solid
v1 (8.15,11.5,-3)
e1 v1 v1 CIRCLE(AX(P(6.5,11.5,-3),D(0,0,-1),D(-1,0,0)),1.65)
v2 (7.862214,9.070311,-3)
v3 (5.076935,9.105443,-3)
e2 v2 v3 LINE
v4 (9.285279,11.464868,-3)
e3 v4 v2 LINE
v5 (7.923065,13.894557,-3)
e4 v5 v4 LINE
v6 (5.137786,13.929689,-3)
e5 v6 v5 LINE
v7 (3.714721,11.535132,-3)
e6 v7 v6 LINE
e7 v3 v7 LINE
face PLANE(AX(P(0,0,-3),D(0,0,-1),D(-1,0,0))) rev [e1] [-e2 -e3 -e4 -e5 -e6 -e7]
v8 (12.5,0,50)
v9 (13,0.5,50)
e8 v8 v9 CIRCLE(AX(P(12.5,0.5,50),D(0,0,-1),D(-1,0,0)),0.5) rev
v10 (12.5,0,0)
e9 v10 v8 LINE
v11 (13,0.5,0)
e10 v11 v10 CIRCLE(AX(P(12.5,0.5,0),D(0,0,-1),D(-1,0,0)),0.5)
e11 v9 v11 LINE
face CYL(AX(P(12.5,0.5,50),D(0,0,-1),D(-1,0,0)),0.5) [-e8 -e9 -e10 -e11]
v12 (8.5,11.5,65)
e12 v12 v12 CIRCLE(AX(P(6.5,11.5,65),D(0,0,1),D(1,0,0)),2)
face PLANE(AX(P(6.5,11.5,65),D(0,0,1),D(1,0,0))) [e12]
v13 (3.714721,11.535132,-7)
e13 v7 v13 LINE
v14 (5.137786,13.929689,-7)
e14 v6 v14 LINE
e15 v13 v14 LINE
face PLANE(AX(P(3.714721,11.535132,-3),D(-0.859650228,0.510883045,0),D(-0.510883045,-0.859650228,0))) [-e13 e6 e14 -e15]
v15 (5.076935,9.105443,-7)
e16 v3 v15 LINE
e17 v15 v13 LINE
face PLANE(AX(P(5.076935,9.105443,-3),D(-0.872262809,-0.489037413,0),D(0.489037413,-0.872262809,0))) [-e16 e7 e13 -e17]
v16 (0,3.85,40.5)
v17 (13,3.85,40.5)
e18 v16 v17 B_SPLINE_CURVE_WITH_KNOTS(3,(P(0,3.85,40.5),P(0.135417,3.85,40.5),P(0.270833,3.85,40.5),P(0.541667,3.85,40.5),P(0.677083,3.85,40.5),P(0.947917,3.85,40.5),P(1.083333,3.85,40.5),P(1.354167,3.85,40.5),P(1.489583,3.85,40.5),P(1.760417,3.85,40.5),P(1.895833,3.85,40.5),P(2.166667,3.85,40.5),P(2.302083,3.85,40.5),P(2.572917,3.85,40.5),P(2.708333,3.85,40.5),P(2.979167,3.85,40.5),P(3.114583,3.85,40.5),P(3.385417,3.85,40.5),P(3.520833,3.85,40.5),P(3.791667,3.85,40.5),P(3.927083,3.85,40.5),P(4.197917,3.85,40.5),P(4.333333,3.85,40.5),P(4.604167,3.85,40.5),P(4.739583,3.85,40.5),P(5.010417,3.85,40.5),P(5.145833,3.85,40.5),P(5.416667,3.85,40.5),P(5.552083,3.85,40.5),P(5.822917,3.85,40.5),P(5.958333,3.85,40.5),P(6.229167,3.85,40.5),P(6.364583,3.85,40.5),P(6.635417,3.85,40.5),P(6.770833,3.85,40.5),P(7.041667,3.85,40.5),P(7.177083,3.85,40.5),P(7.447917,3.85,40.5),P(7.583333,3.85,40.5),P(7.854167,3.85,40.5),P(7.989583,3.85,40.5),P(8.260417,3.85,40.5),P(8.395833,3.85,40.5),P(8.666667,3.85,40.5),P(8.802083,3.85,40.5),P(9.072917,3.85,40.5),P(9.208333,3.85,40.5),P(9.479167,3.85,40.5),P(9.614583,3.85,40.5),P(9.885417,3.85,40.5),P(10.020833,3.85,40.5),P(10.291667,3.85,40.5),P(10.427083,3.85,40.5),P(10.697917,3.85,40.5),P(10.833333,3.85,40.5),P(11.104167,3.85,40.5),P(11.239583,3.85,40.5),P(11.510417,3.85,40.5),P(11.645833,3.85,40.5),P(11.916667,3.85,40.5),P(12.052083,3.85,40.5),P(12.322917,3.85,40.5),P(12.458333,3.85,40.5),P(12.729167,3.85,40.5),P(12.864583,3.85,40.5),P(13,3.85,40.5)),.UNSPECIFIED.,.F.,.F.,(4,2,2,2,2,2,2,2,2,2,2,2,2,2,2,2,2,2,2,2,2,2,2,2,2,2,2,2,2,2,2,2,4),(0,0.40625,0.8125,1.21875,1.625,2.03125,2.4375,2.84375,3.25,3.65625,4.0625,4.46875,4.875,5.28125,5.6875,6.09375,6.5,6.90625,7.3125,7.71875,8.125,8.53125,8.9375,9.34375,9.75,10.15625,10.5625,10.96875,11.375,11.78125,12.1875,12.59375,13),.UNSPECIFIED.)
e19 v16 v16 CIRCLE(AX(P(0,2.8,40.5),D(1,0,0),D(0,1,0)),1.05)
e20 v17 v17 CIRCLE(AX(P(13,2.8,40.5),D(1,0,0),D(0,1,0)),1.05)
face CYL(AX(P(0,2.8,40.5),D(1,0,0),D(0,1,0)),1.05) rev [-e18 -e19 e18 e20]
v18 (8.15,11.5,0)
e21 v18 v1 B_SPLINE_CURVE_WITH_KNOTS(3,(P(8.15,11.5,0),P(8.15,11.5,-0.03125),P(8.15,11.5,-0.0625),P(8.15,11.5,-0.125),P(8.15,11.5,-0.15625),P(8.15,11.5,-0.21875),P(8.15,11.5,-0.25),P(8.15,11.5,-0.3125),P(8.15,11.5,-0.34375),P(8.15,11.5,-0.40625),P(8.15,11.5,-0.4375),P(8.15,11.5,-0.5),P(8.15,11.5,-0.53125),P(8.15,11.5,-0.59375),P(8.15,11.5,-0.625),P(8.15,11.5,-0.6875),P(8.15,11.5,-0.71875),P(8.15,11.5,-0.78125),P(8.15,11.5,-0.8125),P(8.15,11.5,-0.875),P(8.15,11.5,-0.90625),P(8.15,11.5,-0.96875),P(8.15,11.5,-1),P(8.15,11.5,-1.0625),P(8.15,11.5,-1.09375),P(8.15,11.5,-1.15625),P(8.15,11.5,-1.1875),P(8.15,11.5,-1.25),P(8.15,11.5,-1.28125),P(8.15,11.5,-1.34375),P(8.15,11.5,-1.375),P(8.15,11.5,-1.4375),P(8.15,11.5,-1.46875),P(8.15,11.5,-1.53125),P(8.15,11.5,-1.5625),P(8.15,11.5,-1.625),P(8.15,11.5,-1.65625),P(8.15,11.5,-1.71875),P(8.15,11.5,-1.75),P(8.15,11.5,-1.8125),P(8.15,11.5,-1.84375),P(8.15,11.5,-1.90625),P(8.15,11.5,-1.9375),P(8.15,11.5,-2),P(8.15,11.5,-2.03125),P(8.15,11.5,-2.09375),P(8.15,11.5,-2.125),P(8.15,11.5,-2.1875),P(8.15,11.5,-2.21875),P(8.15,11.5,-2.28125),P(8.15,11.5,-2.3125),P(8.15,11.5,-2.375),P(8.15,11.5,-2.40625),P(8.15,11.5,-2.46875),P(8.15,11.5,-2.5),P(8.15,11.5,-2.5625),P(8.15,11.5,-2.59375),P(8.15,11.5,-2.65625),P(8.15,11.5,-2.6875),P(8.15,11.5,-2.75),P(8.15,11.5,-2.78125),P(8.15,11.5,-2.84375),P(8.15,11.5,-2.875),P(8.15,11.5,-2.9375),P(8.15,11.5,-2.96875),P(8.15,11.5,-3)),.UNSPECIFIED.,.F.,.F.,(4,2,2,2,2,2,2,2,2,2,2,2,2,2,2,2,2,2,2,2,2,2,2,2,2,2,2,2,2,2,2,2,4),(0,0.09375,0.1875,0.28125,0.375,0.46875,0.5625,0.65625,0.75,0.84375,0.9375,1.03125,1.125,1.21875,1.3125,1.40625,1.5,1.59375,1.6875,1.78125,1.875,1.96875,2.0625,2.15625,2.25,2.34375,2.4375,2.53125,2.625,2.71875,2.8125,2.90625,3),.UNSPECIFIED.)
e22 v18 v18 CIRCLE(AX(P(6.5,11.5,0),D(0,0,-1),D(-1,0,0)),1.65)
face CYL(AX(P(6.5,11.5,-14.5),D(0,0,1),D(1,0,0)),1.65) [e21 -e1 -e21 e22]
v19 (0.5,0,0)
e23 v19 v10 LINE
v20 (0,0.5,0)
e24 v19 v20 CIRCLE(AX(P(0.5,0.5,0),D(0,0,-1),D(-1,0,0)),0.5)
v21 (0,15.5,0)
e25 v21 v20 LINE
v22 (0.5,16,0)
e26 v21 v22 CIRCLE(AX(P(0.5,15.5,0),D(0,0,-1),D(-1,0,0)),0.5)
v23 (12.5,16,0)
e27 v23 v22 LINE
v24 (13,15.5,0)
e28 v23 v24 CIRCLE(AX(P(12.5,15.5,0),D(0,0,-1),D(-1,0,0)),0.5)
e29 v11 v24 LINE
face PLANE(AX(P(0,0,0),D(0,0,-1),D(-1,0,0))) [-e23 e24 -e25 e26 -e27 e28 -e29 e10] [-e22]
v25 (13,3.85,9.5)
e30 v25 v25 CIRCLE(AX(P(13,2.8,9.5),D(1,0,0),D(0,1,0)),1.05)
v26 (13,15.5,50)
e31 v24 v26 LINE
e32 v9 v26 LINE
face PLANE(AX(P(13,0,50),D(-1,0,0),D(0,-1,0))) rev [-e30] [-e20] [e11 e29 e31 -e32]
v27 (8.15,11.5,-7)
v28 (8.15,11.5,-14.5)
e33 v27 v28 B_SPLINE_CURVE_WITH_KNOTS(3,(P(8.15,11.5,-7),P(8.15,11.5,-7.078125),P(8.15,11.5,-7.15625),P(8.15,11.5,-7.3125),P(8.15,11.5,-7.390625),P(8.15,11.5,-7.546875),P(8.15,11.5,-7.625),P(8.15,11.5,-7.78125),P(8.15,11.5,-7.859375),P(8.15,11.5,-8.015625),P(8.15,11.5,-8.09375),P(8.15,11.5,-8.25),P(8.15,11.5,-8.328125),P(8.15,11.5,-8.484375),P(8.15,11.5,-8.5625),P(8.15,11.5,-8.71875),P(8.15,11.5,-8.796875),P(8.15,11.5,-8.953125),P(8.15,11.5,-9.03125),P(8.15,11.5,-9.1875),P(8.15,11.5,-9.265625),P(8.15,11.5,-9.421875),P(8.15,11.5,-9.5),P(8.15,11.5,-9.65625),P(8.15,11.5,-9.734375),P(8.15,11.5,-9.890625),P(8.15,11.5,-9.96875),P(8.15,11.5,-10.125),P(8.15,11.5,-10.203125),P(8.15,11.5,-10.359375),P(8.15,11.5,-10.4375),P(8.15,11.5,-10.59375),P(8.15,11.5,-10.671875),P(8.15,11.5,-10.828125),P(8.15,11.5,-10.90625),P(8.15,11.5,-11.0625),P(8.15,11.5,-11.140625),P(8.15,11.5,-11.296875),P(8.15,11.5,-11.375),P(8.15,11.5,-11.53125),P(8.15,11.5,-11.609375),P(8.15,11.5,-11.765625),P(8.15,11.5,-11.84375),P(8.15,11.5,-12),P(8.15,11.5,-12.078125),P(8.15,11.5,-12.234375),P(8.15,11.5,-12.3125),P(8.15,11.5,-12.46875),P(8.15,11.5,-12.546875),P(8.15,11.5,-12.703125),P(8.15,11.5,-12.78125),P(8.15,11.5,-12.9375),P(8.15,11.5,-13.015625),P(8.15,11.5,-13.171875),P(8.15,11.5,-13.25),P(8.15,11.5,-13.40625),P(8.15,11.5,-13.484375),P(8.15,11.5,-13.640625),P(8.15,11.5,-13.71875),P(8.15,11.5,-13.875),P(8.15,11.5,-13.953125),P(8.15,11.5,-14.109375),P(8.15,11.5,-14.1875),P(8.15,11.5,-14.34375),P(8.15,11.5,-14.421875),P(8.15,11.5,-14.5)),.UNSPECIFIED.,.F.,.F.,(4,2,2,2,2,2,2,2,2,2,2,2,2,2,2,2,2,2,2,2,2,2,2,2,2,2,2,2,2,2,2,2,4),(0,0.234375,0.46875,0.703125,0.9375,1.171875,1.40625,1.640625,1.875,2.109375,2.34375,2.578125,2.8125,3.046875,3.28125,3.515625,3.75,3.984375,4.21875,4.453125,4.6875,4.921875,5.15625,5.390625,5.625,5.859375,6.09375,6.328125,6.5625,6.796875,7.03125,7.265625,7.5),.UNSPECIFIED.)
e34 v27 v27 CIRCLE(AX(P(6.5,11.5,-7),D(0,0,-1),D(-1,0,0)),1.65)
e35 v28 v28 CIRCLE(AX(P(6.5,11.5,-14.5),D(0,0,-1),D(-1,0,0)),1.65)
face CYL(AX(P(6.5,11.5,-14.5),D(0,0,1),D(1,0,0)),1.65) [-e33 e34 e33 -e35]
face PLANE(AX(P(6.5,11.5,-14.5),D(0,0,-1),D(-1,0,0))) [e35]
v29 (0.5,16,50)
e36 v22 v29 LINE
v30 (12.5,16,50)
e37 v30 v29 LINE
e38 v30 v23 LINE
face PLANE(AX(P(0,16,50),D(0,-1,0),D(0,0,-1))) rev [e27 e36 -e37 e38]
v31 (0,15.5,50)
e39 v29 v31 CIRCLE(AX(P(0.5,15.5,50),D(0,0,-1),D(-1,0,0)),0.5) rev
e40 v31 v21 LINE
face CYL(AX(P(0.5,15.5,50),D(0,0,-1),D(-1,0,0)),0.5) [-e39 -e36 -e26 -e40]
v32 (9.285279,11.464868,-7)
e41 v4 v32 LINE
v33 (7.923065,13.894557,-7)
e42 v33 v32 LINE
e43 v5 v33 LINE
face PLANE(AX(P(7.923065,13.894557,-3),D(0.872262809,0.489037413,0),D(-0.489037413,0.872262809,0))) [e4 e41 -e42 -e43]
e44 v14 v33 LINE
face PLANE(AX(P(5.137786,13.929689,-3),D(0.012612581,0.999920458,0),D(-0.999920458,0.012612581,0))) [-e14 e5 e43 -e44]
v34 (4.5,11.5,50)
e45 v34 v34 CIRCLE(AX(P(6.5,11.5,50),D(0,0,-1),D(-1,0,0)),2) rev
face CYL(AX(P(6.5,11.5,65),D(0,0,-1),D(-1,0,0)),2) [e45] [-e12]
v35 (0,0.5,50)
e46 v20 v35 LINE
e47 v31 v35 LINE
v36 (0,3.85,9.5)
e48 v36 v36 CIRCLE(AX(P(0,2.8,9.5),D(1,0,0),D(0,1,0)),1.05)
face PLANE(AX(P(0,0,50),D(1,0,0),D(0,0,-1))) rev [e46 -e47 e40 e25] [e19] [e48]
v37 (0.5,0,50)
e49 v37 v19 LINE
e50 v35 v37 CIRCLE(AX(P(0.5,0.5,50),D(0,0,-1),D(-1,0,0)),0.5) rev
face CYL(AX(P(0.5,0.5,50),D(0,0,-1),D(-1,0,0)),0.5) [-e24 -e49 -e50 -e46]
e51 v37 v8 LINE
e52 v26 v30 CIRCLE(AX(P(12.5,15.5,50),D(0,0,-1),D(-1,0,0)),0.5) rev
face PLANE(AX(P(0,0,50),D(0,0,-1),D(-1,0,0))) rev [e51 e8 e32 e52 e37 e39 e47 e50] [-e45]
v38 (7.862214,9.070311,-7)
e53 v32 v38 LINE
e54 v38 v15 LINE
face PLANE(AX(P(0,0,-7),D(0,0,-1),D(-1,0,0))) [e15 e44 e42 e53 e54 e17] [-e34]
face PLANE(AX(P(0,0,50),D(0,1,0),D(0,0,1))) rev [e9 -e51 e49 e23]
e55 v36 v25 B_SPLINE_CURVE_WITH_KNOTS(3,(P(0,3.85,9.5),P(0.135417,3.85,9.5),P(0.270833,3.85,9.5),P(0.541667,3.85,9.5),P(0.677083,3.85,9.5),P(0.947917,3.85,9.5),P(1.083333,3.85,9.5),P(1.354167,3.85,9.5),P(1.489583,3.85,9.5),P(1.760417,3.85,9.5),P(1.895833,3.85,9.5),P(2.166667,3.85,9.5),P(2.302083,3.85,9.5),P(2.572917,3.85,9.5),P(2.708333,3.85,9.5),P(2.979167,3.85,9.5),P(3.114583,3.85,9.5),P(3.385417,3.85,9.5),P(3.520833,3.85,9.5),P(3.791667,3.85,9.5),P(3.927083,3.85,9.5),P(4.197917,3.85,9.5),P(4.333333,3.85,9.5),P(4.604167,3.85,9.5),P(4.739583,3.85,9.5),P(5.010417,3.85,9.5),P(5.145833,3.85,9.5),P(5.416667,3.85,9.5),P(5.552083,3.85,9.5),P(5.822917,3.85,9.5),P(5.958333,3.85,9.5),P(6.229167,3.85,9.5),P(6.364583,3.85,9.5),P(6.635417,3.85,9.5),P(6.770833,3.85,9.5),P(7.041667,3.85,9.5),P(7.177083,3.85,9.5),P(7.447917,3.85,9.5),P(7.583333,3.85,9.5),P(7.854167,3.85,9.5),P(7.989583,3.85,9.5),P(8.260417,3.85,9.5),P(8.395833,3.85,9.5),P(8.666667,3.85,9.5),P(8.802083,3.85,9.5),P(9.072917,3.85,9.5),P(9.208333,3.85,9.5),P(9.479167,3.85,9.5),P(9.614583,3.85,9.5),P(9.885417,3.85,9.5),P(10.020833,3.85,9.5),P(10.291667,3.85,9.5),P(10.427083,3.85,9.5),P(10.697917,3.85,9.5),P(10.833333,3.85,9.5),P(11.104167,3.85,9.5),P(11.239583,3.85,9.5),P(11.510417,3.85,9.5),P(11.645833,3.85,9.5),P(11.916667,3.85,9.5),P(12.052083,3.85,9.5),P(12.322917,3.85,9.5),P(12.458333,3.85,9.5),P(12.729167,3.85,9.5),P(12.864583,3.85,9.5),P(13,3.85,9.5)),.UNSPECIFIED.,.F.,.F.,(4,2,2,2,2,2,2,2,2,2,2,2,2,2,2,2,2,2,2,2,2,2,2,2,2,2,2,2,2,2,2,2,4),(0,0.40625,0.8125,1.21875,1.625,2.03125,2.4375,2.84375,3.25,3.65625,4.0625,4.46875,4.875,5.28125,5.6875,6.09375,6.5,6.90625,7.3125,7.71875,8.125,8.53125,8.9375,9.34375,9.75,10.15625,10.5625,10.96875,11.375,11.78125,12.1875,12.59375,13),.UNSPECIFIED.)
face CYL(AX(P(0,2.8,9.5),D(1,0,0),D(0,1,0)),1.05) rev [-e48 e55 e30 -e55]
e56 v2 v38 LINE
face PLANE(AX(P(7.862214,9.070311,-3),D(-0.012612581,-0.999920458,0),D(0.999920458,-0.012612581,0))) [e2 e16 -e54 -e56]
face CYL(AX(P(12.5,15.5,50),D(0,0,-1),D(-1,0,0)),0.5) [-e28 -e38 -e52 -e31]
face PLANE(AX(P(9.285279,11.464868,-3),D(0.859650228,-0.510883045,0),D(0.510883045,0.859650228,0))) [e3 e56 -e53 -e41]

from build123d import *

# Parameters (mm, degrees)
SKETCH1_W           = 13
SKETCH1_H           = 16
BOSS_EXTRUDE1_DEPTH = 50
SKETCH2_R           = 1.05
CUT_EXTRUDE1_DEPTH  = 55.083269132
SKETCH3_R           = 2
BOSS_EXTRUDE2_DEPTH = 15
SKETCH4_R           = 1.65
BOSS_EXTRUDE3_DEPTH = 14.5
FILLET1_R           = 0.5
BOSS_EXTRUDE4_START = -7.5
BOSS_EXTRUDE4_DEPTH = 4


with BuildPart() as part:
    # Sketch1 → Boss-Extrude1 (new body)
    with BuildSketch(Plane.XY):
        with Locations((6.5, 8)):
            Rectangle(SKETCH1_W, SKETCH1_H)
    extrude(amount=BOSS_EXTRUDE1_DEPTH)

    # Sketch2 → Cut-Extrude1 (cut, through all)
    with BuildSketch(Plane(origin=(13, 0, 0), x_dir=(0, 0, -1), z_dir=(1, 0, 0))):
        with Locations(Location((-40.5, 2.8, 0), (0, 0, 90))):
            Circle(SKETCH2_R)
        with Locations(Location((-9.5, 2.8, 0), (0, 0, 90))):
            Circle(SKETCH2_R)
    extrude(amount=-CUT_EXTRUDE1_DEPTH, mode=Mode.SUBTRACT)

    # Sketch3 → Boss-Extrude2 (add)
    with BuildSketch(Plane.XY.offset(50)):
        with Locations(Location((6.5, 11.5, 0), (0, 0, 180))):
            Circle(SKETCH3_R)
    extrude(amount=BOSS_EXTRUDE2_DEPTH)

    # Sketch4 → Boss-Extrude3 (add)
    with BuildSketch(Plane(origin=(0, 0, 0), x_dir=(-1, 0, 0), z_dir=(0, 0, -1))):
        with Locations(Location((-6.5, 11.5, 0), (0, 0, 180))):
            Circle(SKETCH4_R)
    extrude(amount=BOSS_EXTRUDE3_DEPTH)

    # Fillet1
    fillet1_edges = [part.edges().sort_by_distance(p)[0] for p in [
        (0, 16, 25),
        (13, 16, 25),
        (13, 0, 25),
        (0, 0, 25),
    ]]
    fillet(fillet1_edges, radius=FILLET1_R)

    # Sketch6 → Boss-Extrude4 (add)
    with BuildSketch(Plane(origin=(0, 0, -14.5), x_dir=(-1, 0, 0), z_dir=(0, 0, -1)).offset(BOSS_EXTRUDE4_START)):
        Polygon((-7.86221417, 9.070311134), (-5.076934804, 9.10544349), (-3.714720633, 11.535132356), (-5.13778583, 13.929688866), (-7.923065196, 13.89455651), (-9.285279367, 11.464867644), align=None)
    extrude(amount=-BOSS_EXTRUDE4_DEPTH)


solid = part.part
